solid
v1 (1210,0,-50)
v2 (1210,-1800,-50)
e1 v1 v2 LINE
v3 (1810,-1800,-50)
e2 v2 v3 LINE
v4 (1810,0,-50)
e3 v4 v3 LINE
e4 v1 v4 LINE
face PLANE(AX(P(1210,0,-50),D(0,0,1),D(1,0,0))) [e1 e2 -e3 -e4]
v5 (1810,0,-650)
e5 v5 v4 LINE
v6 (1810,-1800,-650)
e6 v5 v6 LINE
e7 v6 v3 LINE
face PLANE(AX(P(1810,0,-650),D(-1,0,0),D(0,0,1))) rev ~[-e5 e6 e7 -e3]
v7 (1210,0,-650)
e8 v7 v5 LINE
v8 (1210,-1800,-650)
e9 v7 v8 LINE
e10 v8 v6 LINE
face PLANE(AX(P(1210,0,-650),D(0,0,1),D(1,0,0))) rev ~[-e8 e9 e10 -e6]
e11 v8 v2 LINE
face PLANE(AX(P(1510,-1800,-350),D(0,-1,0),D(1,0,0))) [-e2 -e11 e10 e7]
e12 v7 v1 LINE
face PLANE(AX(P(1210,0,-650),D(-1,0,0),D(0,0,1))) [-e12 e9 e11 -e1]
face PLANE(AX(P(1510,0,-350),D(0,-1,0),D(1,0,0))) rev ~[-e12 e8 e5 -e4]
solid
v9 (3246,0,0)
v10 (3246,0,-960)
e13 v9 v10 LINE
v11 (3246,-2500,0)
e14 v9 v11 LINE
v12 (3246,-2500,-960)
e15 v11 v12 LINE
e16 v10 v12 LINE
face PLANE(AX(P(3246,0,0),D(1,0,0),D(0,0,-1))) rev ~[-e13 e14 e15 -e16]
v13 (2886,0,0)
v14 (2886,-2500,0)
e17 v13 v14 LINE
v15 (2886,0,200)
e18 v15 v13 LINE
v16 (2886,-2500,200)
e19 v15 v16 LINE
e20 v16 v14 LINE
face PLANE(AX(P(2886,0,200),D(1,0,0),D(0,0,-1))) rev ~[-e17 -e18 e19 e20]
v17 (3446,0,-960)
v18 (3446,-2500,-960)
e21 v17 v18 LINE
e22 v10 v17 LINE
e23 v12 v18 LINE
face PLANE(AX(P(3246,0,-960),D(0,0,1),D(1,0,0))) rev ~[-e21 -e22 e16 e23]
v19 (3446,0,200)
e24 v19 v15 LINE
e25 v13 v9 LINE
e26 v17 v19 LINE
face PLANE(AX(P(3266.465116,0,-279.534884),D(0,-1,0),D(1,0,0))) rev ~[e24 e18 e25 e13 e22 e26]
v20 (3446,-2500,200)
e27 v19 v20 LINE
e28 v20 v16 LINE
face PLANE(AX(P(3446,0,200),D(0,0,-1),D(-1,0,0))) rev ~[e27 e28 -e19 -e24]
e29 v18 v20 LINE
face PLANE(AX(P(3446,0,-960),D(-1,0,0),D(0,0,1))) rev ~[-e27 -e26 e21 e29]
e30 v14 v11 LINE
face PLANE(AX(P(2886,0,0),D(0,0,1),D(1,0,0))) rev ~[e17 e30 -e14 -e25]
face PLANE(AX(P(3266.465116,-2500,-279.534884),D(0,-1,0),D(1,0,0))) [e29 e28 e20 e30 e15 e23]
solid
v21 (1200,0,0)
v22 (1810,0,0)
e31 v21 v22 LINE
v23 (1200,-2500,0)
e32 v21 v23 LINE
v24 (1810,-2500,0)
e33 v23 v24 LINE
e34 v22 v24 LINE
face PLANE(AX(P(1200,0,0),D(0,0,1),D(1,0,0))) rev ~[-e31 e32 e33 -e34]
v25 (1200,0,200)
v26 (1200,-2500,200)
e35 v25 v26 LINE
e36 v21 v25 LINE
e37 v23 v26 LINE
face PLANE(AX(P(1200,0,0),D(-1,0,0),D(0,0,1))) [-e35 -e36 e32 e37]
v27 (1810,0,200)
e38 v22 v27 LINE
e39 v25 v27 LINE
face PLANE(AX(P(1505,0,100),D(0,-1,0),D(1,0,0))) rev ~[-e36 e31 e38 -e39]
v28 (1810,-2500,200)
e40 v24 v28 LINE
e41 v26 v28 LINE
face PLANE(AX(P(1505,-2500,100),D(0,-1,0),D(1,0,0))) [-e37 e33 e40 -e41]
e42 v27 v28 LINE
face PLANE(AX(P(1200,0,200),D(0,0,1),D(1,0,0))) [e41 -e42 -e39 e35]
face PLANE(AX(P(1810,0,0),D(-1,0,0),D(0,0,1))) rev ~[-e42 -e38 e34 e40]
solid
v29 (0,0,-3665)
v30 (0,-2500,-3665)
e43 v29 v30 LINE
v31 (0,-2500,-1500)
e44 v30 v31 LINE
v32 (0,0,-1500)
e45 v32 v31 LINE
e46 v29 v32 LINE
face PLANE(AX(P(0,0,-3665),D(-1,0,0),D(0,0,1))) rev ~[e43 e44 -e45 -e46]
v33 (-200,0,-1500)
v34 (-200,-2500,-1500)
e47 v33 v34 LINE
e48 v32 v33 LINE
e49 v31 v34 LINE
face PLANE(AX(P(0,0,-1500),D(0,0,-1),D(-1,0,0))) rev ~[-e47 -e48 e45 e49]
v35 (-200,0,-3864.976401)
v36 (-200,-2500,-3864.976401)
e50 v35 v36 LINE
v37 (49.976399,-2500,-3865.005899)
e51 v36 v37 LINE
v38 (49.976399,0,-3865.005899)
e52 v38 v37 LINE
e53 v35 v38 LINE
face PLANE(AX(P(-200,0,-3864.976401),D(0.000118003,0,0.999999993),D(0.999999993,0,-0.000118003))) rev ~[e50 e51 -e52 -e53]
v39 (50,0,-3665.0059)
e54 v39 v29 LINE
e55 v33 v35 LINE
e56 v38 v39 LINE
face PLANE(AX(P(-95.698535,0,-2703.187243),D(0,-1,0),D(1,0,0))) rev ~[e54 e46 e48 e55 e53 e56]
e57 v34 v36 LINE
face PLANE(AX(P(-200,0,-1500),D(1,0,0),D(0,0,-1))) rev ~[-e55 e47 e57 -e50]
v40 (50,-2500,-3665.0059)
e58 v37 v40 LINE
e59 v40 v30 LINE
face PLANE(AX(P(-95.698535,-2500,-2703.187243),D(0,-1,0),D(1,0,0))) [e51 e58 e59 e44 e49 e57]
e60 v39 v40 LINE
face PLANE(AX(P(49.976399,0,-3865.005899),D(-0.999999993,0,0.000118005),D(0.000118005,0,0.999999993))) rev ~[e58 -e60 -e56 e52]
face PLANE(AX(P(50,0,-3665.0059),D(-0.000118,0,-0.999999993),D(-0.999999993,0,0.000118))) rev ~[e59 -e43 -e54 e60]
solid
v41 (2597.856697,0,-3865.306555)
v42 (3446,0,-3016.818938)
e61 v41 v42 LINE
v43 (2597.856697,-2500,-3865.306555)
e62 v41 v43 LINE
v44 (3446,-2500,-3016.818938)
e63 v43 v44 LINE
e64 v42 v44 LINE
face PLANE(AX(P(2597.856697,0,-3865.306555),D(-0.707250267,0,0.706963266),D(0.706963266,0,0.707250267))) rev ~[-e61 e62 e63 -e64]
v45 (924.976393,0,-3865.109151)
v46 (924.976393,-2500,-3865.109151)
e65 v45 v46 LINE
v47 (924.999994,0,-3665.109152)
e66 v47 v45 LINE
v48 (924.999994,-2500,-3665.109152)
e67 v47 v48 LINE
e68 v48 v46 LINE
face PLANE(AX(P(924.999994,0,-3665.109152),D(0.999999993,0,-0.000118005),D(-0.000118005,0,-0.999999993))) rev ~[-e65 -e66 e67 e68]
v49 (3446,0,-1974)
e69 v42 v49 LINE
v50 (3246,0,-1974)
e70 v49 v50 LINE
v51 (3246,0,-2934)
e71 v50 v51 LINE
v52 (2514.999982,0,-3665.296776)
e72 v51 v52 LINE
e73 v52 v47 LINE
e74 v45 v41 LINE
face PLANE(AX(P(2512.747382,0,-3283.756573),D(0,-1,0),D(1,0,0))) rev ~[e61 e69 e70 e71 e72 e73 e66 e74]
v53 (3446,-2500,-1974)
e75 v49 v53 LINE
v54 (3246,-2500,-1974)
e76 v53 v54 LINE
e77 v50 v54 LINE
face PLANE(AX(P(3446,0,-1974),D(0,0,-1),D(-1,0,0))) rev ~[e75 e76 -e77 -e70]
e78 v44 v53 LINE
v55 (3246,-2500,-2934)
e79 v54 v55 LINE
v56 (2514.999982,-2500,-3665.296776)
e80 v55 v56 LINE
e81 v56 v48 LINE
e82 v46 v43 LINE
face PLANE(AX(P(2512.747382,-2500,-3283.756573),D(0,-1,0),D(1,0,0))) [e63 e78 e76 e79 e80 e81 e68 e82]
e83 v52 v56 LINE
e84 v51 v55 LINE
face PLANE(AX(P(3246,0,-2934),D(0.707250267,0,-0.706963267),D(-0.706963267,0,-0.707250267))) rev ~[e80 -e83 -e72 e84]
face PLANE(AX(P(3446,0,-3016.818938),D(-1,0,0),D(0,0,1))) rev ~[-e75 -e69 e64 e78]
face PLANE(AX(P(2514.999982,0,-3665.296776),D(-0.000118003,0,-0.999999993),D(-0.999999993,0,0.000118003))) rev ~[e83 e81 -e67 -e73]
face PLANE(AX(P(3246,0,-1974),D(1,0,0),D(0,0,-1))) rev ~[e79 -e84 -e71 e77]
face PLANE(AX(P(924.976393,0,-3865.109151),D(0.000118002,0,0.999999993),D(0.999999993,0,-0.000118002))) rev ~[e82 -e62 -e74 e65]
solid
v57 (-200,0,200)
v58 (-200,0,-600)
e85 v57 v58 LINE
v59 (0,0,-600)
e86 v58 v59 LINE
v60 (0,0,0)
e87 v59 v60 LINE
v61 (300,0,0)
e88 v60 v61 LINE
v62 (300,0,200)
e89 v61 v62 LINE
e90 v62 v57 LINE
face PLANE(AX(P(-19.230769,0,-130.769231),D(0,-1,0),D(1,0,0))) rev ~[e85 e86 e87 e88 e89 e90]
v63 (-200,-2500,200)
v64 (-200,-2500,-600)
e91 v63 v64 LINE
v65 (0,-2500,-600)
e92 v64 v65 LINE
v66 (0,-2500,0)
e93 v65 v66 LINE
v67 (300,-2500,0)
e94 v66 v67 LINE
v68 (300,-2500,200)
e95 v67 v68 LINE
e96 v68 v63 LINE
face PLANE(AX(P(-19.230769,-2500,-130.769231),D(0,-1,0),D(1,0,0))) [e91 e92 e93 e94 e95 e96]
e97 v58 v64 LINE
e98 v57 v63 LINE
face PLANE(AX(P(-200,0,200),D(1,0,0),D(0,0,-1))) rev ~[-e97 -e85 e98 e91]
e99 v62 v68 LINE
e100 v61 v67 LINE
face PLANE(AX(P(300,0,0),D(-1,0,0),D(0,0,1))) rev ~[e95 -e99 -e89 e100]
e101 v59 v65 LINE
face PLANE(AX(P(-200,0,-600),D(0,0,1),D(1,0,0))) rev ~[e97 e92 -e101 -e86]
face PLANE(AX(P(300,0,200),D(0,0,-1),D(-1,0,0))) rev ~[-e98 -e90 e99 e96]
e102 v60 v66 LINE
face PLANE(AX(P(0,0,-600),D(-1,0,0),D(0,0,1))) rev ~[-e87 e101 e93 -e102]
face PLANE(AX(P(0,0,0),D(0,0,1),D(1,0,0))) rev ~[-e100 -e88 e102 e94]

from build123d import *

# Parameters (mm, degrees)
F0_W     = 610
F0_H     = 200
F1_DEPTH = 2500
F2_W     = 600
F2_H     = 600
F3_DEPTH = 1800


with BuildPart() as f1:
    # F0 (on Front) → F1 (new body)
    with BuildSketch(Plane.XZ):
        Polygon((0, -600), (0, 0), (300, 0), (300, 200), (-200, 200), (-200, -600), align=None)
        with Locations((1505, 100)):
            Rectangle(F0_W, F0_H)
        Polygon((2886, 200), (2886, 0), (3246, 0), (3246, -960), (3446, -960), (3446, 200), align=None)
        Polygon((3446, -1974), (3246, -1974), (3246, -2934), (2514.999982, -3665.296776), (924.999994, -3665.109152), (924.976393, -3865.109151), (2597.856697, -3865.306555), (3446, -3016.818938), align=None)
        Polygon((50, -3665.0059), (0, -3665), (0, -1500), (-200, -1500), (-200, -3864.976401), (49.976399, -3865.005899), align=None)
    extrude(amount=F1_DEPTH)


with BuildPart() as f3:
    # F2 (on Front) → F3 (new body)
    with BuildSketch(Plane.XZ):
        with Locations((1510, -350)):
            Rectangle(F2_W, F2_H)
    extrude(amount=F3_DEPTH)


solid = Compound([f1.part, f3.part])
